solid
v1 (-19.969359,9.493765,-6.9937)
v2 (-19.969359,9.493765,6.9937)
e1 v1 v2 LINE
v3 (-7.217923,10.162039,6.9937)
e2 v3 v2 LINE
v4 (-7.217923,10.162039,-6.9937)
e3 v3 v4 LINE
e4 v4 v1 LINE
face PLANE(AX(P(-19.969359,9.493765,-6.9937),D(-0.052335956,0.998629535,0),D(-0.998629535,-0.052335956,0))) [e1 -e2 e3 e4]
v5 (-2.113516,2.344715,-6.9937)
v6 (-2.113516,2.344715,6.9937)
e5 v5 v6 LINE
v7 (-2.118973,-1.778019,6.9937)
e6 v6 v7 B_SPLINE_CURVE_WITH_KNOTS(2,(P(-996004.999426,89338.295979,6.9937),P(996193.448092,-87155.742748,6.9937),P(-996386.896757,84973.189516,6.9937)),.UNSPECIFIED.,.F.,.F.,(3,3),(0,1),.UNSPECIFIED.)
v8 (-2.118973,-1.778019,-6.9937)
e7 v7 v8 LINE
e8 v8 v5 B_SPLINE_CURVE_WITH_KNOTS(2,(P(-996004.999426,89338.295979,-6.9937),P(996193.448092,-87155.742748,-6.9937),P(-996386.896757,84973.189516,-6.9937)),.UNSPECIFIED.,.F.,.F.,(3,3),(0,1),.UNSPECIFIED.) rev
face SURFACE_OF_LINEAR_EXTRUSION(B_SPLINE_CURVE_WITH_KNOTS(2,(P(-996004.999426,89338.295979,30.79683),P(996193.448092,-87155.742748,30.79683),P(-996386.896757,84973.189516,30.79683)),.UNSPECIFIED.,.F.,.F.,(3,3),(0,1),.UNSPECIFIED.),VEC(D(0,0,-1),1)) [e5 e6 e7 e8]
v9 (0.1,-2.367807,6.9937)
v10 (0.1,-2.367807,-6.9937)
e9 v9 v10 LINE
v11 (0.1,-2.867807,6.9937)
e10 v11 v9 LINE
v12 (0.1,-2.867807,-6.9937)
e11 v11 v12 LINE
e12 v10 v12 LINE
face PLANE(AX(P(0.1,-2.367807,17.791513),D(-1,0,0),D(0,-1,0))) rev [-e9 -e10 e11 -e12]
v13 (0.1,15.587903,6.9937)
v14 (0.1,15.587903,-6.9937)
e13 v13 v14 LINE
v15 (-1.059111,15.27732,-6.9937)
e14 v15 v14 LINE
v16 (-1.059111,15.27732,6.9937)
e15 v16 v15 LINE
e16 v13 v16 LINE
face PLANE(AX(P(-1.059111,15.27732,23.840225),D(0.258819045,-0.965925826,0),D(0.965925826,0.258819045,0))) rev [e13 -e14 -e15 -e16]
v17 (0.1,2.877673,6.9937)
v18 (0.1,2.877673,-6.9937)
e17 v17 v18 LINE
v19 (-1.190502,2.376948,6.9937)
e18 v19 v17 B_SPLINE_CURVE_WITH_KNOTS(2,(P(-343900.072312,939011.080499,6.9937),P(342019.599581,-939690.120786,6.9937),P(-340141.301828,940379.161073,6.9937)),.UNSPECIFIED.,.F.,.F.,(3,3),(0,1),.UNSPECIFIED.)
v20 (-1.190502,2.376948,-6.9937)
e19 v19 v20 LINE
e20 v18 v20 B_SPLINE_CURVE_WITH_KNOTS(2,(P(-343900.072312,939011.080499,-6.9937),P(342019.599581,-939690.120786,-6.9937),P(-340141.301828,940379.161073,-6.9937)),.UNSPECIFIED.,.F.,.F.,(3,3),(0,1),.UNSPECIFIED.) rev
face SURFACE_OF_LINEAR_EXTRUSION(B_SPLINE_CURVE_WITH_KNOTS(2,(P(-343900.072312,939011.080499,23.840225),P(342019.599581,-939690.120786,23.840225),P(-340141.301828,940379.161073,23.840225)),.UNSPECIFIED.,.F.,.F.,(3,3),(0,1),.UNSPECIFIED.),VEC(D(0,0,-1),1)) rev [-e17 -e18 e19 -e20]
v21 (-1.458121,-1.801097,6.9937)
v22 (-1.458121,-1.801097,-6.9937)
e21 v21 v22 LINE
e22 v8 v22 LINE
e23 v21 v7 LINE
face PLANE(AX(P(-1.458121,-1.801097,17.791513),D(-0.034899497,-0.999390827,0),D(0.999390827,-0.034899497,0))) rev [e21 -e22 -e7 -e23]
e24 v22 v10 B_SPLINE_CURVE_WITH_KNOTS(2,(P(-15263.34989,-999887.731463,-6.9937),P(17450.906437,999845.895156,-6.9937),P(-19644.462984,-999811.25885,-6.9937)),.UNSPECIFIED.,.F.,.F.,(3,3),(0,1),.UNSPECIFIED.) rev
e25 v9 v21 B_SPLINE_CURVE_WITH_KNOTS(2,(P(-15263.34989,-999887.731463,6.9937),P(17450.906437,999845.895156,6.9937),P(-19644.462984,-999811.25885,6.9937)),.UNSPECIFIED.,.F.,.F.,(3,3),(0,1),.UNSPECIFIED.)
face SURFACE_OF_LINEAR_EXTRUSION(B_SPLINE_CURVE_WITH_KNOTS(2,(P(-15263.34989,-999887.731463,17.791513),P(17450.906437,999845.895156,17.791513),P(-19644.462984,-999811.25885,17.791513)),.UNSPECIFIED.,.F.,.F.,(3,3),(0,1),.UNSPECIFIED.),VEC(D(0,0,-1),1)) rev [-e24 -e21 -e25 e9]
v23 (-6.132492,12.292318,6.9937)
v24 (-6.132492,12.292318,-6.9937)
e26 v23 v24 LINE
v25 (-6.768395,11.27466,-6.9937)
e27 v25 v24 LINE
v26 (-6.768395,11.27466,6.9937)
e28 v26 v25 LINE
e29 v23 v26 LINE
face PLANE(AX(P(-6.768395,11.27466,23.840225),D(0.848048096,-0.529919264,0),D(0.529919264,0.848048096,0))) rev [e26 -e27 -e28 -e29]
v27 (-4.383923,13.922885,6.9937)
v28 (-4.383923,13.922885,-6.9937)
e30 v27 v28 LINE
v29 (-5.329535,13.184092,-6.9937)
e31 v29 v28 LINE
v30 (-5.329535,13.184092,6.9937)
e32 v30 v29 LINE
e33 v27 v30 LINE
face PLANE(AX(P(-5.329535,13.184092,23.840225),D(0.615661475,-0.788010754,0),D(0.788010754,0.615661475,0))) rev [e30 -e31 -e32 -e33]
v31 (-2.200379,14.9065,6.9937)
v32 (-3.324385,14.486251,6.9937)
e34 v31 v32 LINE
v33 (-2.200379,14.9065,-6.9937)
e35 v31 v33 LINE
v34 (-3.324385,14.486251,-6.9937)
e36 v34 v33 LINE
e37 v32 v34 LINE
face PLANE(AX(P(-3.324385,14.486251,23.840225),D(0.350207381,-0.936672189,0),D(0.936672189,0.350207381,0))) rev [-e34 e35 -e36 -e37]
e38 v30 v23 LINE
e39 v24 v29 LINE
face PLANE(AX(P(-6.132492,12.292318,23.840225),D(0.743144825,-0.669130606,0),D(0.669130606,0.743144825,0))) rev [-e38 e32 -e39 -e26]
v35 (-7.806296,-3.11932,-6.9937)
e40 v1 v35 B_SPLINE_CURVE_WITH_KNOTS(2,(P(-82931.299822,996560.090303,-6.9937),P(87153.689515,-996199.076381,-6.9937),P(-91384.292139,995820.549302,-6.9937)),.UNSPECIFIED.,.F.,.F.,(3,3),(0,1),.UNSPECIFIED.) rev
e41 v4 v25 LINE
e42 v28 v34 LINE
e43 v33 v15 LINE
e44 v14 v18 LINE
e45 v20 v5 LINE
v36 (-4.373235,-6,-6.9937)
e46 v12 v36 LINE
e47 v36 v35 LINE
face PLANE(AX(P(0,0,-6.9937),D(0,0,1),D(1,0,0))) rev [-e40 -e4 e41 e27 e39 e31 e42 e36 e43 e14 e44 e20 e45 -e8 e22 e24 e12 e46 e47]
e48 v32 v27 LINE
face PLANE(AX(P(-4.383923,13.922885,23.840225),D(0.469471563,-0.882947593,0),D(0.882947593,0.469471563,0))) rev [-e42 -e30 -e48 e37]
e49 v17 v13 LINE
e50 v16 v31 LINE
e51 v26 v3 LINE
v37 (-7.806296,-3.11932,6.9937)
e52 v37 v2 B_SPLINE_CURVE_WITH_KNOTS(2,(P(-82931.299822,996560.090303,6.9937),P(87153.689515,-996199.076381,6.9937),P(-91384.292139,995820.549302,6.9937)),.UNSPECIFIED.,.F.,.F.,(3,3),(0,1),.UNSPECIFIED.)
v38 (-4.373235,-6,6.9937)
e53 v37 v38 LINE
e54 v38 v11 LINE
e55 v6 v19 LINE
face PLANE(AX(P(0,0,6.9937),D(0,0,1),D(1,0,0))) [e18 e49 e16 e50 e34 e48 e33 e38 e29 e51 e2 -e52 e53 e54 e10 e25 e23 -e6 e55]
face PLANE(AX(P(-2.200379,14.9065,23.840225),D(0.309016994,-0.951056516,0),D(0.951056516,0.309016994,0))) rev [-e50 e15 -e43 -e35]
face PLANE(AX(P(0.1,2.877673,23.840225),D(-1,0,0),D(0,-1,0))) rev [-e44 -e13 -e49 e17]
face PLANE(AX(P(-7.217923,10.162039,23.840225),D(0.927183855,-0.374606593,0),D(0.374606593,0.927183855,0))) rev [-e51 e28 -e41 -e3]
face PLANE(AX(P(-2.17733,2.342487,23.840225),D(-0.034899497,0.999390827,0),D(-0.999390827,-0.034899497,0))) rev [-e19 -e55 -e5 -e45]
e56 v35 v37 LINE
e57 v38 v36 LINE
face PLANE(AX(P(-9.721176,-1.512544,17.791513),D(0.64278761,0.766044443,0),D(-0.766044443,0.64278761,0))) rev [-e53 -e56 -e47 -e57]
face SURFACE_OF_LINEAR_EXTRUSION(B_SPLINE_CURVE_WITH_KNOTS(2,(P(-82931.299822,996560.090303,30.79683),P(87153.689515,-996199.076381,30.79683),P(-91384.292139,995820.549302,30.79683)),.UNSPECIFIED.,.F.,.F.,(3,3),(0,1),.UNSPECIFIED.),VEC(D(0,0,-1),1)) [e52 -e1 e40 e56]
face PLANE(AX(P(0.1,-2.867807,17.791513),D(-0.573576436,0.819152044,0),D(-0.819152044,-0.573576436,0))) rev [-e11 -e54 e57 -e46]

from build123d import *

# Parameters (mm, degrees)
CROQUIS_BASE_DEPTH             = 6.9937
LENTE_PPAL_1_REACH             = 29.176
LENTE_PPAL_1_DIRECTION_2_REACH = 29.176
LENTE_PPAL_2_DEPTH             = 28.175928622
LENTE_PPAL_2_DEPTH_BACK        = 28.175928622
CROQUIS9_3_OUTSIDE_W           = 30.065
CROQUIS9_3_OUTSIDE_H           = 25.937
LENTE_START                    = -6.9937
LENTE_FRONTAL_DEPTH            = 13.9874
LENTE_START_2                  = -6.993701
LENTE_TRASERA_DEPTH            = 13.987402


with BuildPart() as part:
    # Croquis1 → croquis base (new, symmetric)
    with BuildSketch(Plane.XY):
        with BuildLine():
            Line((-8.981845695, 12.608155172), (-23.035921146, 11.871612288))
            Line((-23.035921146, 11.871612288), (-23.035921146, 11.54013782))
            ThreePointArc((-23.035921146, 11.54013782), (-20.949684518, 9.582335705), (-18.945192114, 7.540918896))
            add(Edge.make_bspline(
                [(-18.945192114, 7.540918896), (-10.215008384, -3.697644103), (-2.846604825, -5.059081104)],
                knots=[0.497667241, 0.497667241, 0.497667241, 0.49955428, 0.49955428, 0.49955428], degree=2, weights=[1, 1, 1]))
            add(Edge.make_bspline(
                [(-2.846604825, -5.059081104), (-2.498165198, -4.87297933), (-2.177330418, -4.684462446)],
                knots=[0.498812075, 0.498812075, 0.498812075, 0.498911556, 0.498911556, 0.498911556], degree=2, weights=[1, 1, 1]))
            Line((-2.177330418, -4.684462446), (-2.177330418, 6.186438919))
            add(Edge.make_bspline(
                [(-2.177330418, 6.186438919), (-4.063319702, 8.141636997), (-6.994875026, 10.477389992)],
                knots=[0.50138293, 0.50138293, 0.50138293, 0.502013312, 0.502013312, 0.502013312], degree=2, weights=[1, 1, 1]))
            Line((-6.994875026, 10.477389992), (-8.981845695, 12.608155172))
        make_face()
    extrude(amount=CROQUIS_BASE_DEPTH, both=True)

    # lente ppal 1: up to this face of the body (flat: up to its plane)
    lente_ppal_1_end = Plane(part.part.faces().sort_by_distance((-10.153546236, 5.159655325, 6.9937))[0])
    # Croquis9 → lente ppal 1 (add, up to the picked face)
    with BuildSketch(Plane.XY, mode=Mode.PRIVATE) as lente_ppal_1_sk1:
        with BuildLine():
            add(Edge.make_bspline(
                [(-2.177330418, -4.388282022), (-10.4130765, -4.994158739), (-19.969359014, 9.493765032)],
                knots=[0, 0, 0, 1, 1, 1], degree=2))
            Line((-19.969359014, 9.493765032), (-10.309820395, 10))
            Line((-10.309820395, 10), (-2.177330418, 6.082860828))
            Line((-2.177330418, 6.082860828), (-2.177330418, 2.424232079))
            add(Edge.make_bspline(
                [(-2.177330418, 2.424232079), (-0.304369248, 0.128042884), (-2.177330418, -1.840420572)],
                knots=[0, 0, 0, 1, 1, 1], degree=2))
            Line((-2.177330418, -1.840420572), (-2.177330418, -4.388282022))
        make_face()
    lente_ppal_1_tool1 = split(extrude(lente_ppal_1_sk1.sketch, amount=LENTE_PPAL_1_REACH, mode=Mode.PRIVATE), bisect_by=lente_ppal_1_end, keep=Keep.BOTH, mode=Mode.PRIVATE)
    add(lente_ppal_1_tool1.solids().sort_by(Axis((-9.106368, 3.599172, 0), (0, 0, 1)))[0])

    # lente ppal 1 direction 2: up to this face of the body (flat: up to its plane)
    lente_ppal_1_direction_2_end = Plane(part.part.faces().sort_by_distance((-10.153546236, 5.159655325, -6.9937))[0])
    # Croquis9 → lente ppal 1 direction 2 (add, up to the picked face)
    with BuildSketch(Plane.XY, mode=Mode.PRIVATE) as lente_ppal_1_direction_2_sk1:
        with BuildLine():
            add(Edge.make_bspline(
                [(-2.177330418, -4.388282022), (-10.4130765, -4.994158739), (-19.969359014, 9.493765032)],
                knots=[0, 0, 0, 1, 1, 1], degree=2))
            Line((-19.969359014, 9.493765032), (-10.309820395, 10))
            Line((-10.309820395, 10), (-2.177330418, 6.082860828))
            Line((-2.177330418, 6.082860828), (-2.177330418, 2.424232079))
            add(Edge.make_bspline(
                [(-2.177330418, 2.424232079), (-0.304369248, 0.128042884), (-2.177330418, -1.840420572)],
                knots=[0, 0, 0, 1, 1, 1], degree=2))
            Line((-2.177330418, -1.840420572), (-2.177330418, -4.388282022))
        make_face()
    lente_ppal_1_direction_2_tool1 = split(extrude(lente_ppal_1_direction_2_sk1.sketch, amount=-LENTE_PPAL_1_DIRECTION_2_REACH, mode=Mode.PRIVATE), bisect_by=lente_ppal_1_direction_2_end, keep=Keep.BOTH, mode=Mode.PRIVATE)
    add(lente_ppal_1_direction_2_tool1.solids().sort_by(Axis((-9.106368, 3.599172, 0), (0, 0, -1)))[0])

    # Croquis9<3> outside → lente ppal 2 (cut, two sides: drawn at the far end of the back side and taken through both)
    with BuildSketch(Plane.XY.offset(-LENTE_PPAL_2_DEPTH_BACK)):
        with Locations((-12.1385, 3.7745)):
            Rectangle(CROQUIS9_3_OUTSIDE_W, CROQUIS9_3_OUTSIDE_H)
        with BuildLine():
            Line((-2.177330418, -1.840420572), (-2.177330418, -4.388282022))
            add(Edge.make_bspline(
                [(-2.177330418, -4.388282022), (-10.4130765, -4.994158739), (-19.969359014, 9.493765032)],
                knots=[0, 0, 0, 1, 1, 1], degree=2))
            Line((-19.969359014, 9.493765032), (-10.309820395, 10))
            Line((-10.309820395, 10), (-2.177330418, 6.082860828))
            Line((-2.177330418, 6.082860828), (-2.177330418, 2.424232079))
            add(Edge.make_bspline(
                [(-2.177330418, 2.424232079), (-0.304369248, 0.128042884), (-2.177330418, -1.840420572)],
                knots=[0, 0, 0, 1, 1, 1], degree=2))
        make_face(mode=Mode.SUBTRACT)
    extrude(amount=LENTE_PPAL_2_DEPTH + LENTE_PPAL_2_DEPTH_BACK, mode=Mode.SUBTRACT)

    # Croquis8 → lente frontal (add)
    with BuildSketch(Plane.XY.offset(LENTE_START)):
        with BuildLine():
            Line((0.1, 2.877673418), (0.1, 15.587903347))
            Line((0.1, 15.587903347), (-1.059110992, 15.277320493))
            Line((-1.059110992, 15.277320493), (-2.200378811, 14.9065001))
            Line((-2.200378811, 14.9065001), (-3.324385438, 14.486251242))
            Line((-3.324385438, 14.486251242), (-4.38392255, 13.922885367))
            Line((-4.38392255, 13.922885367), (-5.329535454, 13.184091597))
            Line((-5.329535454, 13.184091597), (-6.132492182, 12.292317806))
            Line((-6.132492182, 12.292317806), (-6.768395299, 11.274660091))
            Line((-6.768395299, 11.274660091), (-7.217923211, 10.162039465))
            Line((-7.217923211, 10.162039465), (-10.309820395, 10))
            Line((-10.309820395, 10), (-2.177330418, 2.342487007))
            Line((-2.177330418, 2.342487007), (-1.190501641, 2.376947827))
            add(Edge.make_bspline(
                [(-1.190501641, 2.376947827), (-0.463368169, 2.402339888), (0.1, 2.877673418)],
                knots=[0, 0, 0, 1, 1, 1], degree=2))
        make_face()
    extrude(amount=LENTE_FRONTAL_DEPTH)

    # Croquis11 → lente trasera (add)
    with BuildSketch(Plane.XY.offset(LENTE_START_2)):
        with BuildLine():
            Line((0.1, -2.367807069), (0.1, -2.867807069))
            Line((0.1, -2.867807069), (-4.373235091, -6))
            Line((-4.373235091, -6), (-9.72117641, -1.512544411))
            Line((-9.72117641, -1.512544411), (-1.458120605, -1.801096678))
            add(Edge.make_bspline(
                [(-1.458120605, -1.801096678), (-0.674591915, -1.828458103), (0.1, -2.367807069)],
                knots=[0, 0, 0, 1, 1, 1], degree=2))
        make_face()
    extrude(amount=LENTE_TRASERA_DEPTH)


solid = part.part
